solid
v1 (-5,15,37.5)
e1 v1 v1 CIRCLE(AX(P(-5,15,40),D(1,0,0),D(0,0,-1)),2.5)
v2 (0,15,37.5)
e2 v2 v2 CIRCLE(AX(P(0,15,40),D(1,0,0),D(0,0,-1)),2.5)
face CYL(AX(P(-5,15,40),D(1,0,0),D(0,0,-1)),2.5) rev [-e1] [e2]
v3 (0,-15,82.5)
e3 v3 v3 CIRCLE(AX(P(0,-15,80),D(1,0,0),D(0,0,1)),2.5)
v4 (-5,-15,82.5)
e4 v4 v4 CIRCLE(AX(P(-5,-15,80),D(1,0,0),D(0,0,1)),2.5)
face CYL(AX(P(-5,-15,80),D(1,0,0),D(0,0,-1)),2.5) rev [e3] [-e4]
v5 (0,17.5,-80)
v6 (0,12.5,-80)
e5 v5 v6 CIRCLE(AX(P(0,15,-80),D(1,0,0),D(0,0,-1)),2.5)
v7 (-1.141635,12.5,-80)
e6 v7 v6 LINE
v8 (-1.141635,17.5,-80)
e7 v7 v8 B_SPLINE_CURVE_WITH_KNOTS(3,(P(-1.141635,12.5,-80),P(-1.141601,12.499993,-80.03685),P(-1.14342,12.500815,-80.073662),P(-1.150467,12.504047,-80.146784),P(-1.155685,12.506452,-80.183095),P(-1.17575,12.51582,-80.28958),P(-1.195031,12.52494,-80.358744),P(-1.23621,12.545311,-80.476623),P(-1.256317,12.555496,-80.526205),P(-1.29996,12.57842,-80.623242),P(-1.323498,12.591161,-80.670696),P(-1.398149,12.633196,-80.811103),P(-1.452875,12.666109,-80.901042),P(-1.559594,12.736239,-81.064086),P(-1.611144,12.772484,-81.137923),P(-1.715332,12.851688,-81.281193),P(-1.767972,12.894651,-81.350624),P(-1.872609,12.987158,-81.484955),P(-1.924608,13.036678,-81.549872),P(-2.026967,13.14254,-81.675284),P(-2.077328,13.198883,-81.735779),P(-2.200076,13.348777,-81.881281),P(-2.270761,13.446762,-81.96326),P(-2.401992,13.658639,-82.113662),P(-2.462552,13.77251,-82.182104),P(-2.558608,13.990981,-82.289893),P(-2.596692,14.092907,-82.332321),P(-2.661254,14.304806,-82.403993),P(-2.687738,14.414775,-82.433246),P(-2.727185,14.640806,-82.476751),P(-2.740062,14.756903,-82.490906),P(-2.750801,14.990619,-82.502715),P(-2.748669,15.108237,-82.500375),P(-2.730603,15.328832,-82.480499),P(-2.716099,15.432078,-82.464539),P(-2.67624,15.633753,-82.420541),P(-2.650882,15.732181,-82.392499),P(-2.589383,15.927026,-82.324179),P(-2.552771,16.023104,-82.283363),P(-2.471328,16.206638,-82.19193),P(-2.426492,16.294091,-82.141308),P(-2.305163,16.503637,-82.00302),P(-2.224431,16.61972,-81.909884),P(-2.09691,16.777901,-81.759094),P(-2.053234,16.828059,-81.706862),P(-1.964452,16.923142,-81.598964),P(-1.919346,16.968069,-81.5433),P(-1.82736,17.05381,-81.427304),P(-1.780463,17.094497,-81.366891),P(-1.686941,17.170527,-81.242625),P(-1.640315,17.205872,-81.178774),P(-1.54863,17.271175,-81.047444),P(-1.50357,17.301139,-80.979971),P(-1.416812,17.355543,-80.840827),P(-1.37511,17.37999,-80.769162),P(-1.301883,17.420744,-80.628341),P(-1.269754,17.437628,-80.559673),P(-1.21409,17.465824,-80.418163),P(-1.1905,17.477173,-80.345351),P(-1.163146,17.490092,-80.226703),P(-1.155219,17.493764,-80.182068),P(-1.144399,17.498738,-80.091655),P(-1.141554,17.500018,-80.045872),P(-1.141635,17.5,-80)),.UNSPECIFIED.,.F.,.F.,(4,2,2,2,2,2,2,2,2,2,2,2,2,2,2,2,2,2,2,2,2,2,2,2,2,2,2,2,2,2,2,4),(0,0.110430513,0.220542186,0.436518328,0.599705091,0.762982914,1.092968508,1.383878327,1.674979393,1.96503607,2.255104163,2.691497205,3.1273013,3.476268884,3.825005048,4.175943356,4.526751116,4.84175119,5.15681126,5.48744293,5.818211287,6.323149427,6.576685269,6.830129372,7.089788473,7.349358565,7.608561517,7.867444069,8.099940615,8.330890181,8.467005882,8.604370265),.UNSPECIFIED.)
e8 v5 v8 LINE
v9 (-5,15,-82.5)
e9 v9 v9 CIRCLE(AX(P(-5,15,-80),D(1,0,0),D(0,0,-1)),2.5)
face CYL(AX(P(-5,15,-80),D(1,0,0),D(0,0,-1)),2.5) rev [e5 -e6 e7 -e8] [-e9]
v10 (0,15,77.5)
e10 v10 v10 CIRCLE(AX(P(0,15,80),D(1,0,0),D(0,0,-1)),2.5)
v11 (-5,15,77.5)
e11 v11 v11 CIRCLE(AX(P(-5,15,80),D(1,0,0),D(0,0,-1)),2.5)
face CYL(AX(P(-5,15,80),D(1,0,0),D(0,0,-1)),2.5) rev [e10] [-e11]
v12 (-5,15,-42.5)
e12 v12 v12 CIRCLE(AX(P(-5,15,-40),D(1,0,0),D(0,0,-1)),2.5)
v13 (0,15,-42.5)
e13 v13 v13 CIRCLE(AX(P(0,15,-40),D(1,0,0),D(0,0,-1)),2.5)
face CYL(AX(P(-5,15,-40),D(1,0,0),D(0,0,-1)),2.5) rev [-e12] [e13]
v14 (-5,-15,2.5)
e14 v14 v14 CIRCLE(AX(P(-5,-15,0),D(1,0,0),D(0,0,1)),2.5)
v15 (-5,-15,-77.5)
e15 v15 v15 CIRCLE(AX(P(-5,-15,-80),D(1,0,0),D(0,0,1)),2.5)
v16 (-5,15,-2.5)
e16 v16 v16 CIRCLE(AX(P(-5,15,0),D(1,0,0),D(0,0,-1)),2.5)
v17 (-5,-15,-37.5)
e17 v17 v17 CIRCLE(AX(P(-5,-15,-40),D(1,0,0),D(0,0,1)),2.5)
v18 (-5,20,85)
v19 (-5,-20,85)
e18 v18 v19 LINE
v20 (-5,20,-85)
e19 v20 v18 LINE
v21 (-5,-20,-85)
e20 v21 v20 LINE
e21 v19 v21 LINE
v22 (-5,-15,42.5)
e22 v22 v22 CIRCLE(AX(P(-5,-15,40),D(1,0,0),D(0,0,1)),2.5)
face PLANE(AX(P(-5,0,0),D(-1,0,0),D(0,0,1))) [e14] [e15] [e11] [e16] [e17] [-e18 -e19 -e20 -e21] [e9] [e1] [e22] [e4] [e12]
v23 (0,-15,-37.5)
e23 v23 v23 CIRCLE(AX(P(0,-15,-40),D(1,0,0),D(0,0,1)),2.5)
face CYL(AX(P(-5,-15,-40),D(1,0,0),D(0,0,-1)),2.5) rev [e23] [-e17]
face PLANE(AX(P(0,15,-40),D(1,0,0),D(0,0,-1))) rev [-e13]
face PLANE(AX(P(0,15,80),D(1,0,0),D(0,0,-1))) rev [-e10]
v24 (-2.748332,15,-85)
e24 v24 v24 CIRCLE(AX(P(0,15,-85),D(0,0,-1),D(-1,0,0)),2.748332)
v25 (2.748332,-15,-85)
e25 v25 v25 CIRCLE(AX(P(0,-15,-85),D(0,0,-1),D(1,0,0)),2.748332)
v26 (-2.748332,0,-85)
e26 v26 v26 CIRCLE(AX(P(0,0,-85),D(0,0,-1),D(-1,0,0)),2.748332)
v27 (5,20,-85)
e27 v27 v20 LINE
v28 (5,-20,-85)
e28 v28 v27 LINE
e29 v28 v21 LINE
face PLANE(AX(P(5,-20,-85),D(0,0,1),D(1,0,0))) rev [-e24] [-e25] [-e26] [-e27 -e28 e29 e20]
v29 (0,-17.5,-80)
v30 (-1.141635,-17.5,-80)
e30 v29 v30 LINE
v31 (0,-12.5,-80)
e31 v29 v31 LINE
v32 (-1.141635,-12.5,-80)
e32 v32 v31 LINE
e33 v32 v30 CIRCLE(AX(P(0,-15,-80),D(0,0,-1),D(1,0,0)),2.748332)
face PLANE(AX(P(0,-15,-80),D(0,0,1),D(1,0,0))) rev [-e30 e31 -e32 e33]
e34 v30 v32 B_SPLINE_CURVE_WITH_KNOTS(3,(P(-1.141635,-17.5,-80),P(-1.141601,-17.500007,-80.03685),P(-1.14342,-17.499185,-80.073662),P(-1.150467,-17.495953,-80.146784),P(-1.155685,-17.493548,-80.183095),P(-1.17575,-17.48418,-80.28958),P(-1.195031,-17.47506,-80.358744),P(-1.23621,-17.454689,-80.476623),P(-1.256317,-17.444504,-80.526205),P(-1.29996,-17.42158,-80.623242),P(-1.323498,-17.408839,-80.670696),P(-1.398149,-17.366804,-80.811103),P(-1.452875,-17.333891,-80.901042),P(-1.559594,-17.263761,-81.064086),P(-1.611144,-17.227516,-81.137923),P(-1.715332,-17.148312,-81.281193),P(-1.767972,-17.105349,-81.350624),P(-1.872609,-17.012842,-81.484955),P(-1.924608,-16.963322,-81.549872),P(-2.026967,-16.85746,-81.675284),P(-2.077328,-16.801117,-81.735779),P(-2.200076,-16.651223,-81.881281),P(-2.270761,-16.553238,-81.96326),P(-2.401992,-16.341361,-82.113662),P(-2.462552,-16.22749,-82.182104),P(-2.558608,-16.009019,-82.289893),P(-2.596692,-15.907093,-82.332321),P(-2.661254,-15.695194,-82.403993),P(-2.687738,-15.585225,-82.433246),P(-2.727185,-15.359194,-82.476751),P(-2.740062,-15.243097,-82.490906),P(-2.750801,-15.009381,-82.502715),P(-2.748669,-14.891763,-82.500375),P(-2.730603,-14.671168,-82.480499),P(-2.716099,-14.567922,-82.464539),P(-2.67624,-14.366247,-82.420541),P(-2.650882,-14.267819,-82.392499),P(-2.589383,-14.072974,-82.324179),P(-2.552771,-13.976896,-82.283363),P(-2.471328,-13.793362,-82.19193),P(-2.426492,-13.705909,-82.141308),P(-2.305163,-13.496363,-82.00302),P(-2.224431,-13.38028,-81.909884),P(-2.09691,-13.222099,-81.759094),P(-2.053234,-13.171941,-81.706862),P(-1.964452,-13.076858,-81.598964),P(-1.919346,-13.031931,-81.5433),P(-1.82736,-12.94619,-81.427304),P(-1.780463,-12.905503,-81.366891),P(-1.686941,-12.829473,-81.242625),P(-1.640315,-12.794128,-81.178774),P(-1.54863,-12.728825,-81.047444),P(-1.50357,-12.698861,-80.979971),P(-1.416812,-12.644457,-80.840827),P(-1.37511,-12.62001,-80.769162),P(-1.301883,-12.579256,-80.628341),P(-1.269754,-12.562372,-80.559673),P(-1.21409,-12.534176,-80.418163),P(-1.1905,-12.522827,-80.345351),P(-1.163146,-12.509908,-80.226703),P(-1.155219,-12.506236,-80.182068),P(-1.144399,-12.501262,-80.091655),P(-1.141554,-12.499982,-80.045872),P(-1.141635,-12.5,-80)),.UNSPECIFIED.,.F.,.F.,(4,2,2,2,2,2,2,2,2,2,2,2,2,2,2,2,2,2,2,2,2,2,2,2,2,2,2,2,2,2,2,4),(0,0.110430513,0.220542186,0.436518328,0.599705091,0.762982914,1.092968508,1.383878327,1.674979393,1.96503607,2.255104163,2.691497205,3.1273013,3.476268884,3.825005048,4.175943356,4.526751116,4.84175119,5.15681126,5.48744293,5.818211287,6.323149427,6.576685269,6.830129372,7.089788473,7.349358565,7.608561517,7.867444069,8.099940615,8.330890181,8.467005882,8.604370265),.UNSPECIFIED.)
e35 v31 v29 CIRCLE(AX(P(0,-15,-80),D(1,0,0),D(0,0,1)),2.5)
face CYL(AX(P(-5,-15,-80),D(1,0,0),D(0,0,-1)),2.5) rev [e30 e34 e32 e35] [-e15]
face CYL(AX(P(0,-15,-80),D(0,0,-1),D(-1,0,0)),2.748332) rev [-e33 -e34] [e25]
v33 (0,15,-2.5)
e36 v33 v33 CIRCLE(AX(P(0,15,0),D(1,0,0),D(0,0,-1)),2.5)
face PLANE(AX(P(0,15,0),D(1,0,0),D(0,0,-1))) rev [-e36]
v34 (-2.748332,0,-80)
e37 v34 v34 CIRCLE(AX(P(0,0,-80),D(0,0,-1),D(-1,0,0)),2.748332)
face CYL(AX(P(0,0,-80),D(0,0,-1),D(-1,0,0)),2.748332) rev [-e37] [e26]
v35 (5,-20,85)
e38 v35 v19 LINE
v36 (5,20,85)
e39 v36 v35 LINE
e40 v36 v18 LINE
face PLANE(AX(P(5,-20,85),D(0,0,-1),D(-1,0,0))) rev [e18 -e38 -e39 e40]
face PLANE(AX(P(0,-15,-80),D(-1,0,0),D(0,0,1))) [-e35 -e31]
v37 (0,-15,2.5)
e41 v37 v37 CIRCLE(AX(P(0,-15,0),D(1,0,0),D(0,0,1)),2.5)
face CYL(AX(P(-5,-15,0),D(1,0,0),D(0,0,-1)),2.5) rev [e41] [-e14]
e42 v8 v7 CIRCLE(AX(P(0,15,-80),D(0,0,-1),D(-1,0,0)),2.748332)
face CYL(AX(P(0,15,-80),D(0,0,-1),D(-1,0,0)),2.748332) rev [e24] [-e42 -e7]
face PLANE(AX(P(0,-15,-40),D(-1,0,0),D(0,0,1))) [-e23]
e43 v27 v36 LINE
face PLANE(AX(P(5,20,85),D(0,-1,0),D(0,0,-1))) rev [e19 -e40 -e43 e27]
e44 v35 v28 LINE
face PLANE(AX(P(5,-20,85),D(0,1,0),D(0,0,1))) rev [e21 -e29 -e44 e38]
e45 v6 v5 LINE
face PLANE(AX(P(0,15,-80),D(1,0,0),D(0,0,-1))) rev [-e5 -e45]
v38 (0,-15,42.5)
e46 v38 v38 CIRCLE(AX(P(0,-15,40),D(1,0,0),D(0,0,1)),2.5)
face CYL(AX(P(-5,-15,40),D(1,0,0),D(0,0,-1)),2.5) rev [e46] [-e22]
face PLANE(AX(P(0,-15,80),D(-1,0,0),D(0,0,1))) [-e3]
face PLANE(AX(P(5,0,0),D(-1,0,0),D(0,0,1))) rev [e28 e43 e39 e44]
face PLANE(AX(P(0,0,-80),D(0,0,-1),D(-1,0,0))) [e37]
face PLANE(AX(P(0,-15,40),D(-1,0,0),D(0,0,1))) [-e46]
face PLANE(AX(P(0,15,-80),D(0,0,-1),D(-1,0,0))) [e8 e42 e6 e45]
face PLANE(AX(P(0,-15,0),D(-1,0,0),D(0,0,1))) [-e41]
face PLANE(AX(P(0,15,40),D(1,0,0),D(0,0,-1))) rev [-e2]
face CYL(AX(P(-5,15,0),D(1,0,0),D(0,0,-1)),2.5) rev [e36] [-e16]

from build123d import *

# Parameters (mm, degrees)
CROQUIS1_W              = 170
CROQUIS1_H              = 40
SALIENTE_EXTRUIR1_DEPTH = 5
CROQUIS2_R              = 2.5
CORTAR_EXTRUIR1_DEPTH   = 5
CROQUIS3_R              = 2.748332181
CORTAR_EXTRUIR2_DEPTH   = 5


with BuildPart() as part:
    # Croquis1 → Saliente-Extruir1 (new, symmetric)
    with BuildSketch(Plane(origin=(0, 0, 0), x_dir=(0, 0, -1), z_dir=(1, 0, 0))):
        Rectangle(CROQUIS1_W, CROQUIS1_H)
    extrude(amount=SALIENTE_EXTRUIR1_DEPTH, both=True)

    # Croquis2 → Cortar-Extruir1 (cut)
    with BuildSketch(Plane(origin=(0, 0, 0), x_dir=(0, 0, -1), z_dir=(1, 0, 0))):
        with Locations((-80, 15)):
            Circle(CROQUIS2_R)
        with Locations((-40, 15)):
            Circle(CROQUIS2_R)
        with Locations((0, 15)):
            Circle(CROQUIS2_R)
        with Locations((40, 15)):
            Circle(CROQUIS2_R)
        with Locations((80, 15)):
            Circle(CROQUIS2_R)
        with Locations(Location((80, -15, 0), (0, 0, 180))):
            Circle(CROQUIS2_R)
        with Locations(Location((40, -15, 0), (0, 0, 180))):
            Circle(CROQUIS2_R)
        with Locations(Location((0, -15, 0), (0, 0, 180))):
            Circle(CROQUIS2_R)
        with Locations(Location((-40, -15, 0), (0, 0, 180))):
            Circle(CROQUIS2_R)
        with Locations(Location((-80, -15, 0), (0, 0, 180))):
            Circle(CROQUIS2_R)
    extrude(amount=-CORTAR_EXTRUIR1_DEPTH, mode=Mode.SUBTRACT)

    # Croquis3 → Cortar-Extruir2 (cut)
    with BuildSketch(Plane(origin=(0, 0, -85), x_dir=(-1, 0, 0), z_dir=(0, 0, -1))):
        with Locations((0, 15)):
            Circle(CROQUIS3_R)
        with Locations(Location((0, -15, 0), (0, 0, 294.543993406))):
            Circle(CROQUIS3_R)
        Circle(CROQUIS3_R)
    extrude(amount=-CORTAR_EXTRUIR2_DEPTH, mode=Mode.SUBTRACT)


solid = part.part
